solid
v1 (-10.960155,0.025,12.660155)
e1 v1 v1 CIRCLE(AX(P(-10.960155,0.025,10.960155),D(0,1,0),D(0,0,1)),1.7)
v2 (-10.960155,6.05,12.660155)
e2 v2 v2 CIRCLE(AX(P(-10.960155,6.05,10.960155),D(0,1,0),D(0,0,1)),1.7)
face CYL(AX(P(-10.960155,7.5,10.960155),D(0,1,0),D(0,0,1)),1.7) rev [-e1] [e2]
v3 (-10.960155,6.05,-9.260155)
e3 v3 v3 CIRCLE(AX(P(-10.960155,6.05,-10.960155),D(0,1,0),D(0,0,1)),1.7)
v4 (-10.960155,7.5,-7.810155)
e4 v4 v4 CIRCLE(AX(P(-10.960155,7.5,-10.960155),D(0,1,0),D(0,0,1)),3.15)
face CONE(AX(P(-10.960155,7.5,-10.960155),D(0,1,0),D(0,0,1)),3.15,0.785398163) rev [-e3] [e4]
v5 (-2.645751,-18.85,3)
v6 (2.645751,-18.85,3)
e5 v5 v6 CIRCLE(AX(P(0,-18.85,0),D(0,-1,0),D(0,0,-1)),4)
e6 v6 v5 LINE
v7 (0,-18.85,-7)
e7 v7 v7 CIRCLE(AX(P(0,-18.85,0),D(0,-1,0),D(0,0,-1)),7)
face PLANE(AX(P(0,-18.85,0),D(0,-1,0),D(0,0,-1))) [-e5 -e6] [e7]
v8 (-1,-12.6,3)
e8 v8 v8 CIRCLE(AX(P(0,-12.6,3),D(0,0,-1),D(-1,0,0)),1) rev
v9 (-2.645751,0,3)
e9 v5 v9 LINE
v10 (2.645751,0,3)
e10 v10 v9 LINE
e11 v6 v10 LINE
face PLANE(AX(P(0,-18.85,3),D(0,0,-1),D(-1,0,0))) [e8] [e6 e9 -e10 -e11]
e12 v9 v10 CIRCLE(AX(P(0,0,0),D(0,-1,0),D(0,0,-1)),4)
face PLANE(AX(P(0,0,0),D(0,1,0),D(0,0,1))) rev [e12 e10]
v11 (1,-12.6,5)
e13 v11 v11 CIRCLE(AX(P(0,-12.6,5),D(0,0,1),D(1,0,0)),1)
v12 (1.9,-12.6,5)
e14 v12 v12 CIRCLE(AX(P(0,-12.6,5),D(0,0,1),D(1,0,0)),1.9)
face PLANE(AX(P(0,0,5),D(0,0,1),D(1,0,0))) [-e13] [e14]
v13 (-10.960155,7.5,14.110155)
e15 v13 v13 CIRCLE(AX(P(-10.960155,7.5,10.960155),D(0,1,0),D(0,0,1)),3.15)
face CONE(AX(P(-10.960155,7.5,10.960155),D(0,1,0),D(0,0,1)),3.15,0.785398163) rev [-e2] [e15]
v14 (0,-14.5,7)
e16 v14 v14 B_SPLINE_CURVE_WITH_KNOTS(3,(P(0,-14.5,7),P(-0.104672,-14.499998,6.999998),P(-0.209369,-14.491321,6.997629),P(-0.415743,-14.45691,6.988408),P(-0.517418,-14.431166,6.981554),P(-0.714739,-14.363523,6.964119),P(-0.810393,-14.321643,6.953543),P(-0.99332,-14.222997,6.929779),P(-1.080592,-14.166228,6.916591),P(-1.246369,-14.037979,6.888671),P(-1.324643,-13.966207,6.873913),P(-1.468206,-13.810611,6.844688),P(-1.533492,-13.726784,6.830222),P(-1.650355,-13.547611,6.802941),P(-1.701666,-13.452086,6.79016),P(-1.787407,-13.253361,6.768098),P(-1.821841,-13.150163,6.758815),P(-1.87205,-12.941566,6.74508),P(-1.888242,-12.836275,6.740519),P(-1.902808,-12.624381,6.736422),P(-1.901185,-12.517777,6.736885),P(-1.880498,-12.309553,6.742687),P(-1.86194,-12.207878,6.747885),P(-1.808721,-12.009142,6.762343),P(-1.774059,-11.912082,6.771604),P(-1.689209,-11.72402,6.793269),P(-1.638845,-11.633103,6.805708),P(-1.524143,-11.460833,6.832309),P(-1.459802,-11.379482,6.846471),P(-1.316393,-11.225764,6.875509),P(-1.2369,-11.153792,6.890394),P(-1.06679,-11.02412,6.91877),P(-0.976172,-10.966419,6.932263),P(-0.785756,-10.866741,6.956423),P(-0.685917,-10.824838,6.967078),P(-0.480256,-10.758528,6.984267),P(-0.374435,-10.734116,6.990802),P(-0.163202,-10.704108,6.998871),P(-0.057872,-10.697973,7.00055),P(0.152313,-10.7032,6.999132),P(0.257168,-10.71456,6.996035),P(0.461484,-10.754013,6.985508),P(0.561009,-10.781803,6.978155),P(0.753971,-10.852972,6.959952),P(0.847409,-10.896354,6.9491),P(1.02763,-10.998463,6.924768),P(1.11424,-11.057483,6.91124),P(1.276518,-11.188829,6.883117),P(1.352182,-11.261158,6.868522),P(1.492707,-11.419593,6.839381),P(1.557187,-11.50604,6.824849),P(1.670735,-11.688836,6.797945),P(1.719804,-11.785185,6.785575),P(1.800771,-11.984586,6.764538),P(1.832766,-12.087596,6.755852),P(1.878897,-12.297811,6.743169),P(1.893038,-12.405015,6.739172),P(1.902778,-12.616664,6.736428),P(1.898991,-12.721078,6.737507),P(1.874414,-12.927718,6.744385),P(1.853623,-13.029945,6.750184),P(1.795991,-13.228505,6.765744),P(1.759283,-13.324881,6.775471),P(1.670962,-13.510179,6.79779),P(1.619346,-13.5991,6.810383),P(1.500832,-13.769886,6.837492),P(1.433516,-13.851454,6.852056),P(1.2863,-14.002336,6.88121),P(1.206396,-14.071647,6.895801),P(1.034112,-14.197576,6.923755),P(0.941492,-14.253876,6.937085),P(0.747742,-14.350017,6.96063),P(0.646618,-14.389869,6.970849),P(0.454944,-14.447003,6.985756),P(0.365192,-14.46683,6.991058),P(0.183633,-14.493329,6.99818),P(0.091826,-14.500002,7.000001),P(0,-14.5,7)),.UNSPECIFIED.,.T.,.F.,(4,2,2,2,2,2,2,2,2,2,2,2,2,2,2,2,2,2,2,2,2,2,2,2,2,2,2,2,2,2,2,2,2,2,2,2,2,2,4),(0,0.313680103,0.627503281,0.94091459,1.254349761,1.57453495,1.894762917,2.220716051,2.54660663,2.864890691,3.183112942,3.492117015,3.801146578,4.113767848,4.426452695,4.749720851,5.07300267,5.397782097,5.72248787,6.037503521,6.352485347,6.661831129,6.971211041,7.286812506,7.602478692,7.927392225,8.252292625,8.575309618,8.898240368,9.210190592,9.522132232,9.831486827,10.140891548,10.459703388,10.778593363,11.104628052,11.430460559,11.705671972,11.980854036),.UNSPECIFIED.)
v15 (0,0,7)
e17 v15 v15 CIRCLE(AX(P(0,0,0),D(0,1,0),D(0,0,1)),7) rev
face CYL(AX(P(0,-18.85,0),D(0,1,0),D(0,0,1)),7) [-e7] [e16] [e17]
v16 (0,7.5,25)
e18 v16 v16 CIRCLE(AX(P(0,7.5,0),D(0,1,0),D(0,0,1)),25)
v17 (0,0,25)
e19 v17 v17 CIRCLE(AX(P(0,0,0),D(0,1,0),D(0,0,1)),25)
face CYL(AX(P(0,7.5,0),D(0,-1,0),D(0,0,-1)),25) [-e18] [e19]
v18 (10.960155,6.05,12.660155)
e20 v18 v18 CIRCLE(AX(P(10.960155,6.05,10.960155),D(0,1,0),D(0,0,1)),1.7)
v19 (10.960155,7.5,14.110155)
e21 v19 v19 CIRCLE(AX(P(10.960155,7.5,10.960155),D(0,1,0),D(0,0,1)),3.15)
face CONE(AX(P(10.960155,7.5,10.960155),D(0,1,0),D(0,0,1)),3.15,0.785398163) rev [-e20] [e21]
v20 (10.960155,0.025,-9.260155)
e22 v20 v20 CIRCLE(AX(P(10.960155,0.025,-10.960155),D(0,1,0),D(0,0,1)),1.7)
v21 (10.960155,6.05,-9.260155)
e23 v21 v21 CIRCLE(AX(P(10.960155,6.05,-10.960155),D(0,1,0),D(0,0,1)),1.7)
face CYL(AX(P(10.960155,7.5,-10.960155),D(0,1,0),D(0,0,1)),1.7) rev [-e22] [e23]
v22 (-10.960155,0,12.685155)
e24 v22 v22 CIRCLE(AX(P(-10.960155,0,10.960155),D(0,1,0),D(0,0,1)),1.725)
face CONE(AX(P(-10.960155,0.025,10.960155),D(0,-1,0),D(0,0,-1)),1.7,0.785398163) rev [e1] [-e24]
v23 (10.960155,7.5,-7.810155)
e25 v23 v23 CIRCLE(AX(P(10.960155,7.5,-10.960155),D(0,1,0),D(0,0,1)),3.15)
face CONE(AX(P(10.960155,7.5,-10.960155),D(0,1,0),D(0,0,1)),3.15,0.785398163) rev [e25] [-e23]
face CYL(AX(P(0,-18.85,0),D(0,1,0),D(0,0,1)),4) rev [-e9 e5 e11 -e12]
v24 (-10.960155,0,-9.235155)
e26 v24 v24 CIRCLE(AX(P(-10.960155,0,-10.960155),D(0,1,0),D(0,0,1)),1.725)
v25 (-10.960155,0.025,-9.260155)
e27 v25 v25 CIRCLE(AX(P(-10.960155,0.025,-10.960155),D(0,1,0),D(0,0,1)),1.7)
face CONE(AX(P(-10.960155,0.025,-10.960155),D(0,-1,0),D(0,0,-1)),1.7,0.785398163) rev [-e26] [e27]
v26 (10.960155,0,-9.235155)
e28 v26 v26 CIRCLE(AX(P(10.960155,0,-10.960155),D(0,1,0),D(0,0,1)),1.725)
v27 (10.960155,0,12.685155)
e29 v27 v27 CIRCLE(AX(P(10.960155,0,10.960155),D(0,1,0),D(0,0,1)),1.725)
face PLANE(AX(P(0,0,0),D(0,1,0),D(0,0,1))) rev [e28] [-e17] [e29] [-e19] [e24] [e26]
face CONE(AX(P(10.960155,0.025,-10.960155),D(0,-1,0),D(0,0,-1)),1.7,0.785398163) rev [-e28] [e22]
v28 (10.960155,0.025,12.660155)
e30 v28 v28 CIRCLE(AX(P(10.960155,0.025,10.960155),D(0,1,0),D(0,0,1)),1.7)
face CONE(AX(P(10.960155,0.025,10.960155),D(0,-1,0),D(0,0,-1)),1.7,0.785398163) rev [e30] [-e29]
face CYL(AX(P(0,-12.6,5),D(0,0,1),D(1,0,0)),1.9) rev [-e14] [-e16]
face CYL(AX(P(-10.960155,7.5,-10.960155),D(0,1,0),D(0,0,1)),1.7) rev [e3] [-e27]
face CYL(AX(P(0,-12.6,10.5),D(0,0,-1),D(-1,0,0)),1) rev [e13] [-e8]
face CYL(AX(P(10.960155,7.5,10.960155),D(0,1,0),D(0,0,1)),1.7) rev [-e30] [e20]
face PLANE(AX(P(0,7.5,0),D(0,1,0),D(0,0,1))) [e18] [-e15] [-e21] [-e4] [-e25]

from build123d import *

# Parameters (mm, degrees)
SKETCH1_R                                      = 25
BOSS_EXTRUDE1_DEPTH                            = 7.5
CSK_FOR_M3_FLAT_HEAD_MACHINE_SCREW1_AT_2_COUNT = 2
CSK_FOR_M3_FLAT_HEAD_MACHINE_SCREW1_AT_2_PITCH = 21.920310217
CSK_FOR_M3_FLAT_HEAD_MACHINE_SCREW1_AT_3_COUNT = 2
CSK_FOR_M3_FLAT_HEAD_MACHINE_SCREW1_AT_3_PITCH = 31
CSK_FOR_M3_FLAT_HEAD_MACHINE_SCREW1_AT_4_COUNT = 2
CSK_FOR_M3_FLAT_HEAD_MACHINE_SCREW1_AT_4_PITCH = 21.920310217
SKETCH6_R                                      = 7
BOSS_EXTRUDE2_DEPTH                            = 18.85
SKETCH7_R                                      = 1
CUT_EXTRUDE1_DEPTH                             = 10.5
SKETCH11_R                                     = 1.9
CUT_EXTRUDE2_DEPTH                             = 2


with BuildPart() as part:
    # Sketch1 → Boss-Extrude1 (new body)
    with BuildSketch(Plane(origin=(0, 0, 0), x_dir=(1, 0, 0), z_dir=(0, 1, 0))):
        with Locations(Location((0, 0, 0), (0, 0, 270))):
            Circle(SKETCH1_R)
    extrude(amount=BOSS_EXTRUDE1_DEPTH)

    # Sketch5 → CSK for M3 Flat Head Machine Screw1 (revolve, cut)
    with BuildSketch(Plane(origin=(-10.960155108, 7.5, -10.960155108), x_dir=(0, 0, 1), z_dir=(1, 0, 0))):
        Polygon((0, 0), (0, 7.5), (1.725, 7.5), (1.7, 7.475), (1.7, 1.45), (3.15, 0), align=None)
    csk_for_m3_flat_head_machine_screw1 = revolve(axis=Axis((-10.960155108, 13.85, -10.960155108), (0, -1, 0)), mode=Mode.SUBTRACT)

    # CSK for M3 Flat Head Machine Screw1 at 2: CSK for M3 Flat Head Machine Screw1 ×2
    with Locations(*[(i * CSK_FOR_M3_FLAT_HEAD_MACHINE_SCREW1_AT_2_PITCH, 0, 0) for i in range(1, CSK_FOR_M3_FLAT_HEAD_MACHINE_SCREW1_AT_2_COUNT)]):
        add(csk_for_m3_flat_head_machine_screw1, mode=Mode.SUBTRACT)

    # CSK for M3 Flat Head Machine Screw1 at 3: CSK for M3 Flat Head Machine Screw1 ×2
    with Locations(*[Vector(0.7071067811865475, 0, 0.7071067811865476) * (i * CSK_FOR_M3_FLAT_HEAD_MACHINE_SCREW1_AT_3_PITCH) for i in range(1, CSK_FOR_M3_FLAT_HEAD_MACHINE_SCREW1_AT_3_COUNT)]):
        add(csk_for_m3_flat_head_machine_screw1, mode=Mode.SUBTRACT)

    # CSK for M3 Flat Head Machine Screw1 at 4: CSK for M3 Flat Head Machine Screw1 ×2
    with Locations(*[(0, 0, i * CSK_FOR_M3_FLAT_HEAD_MACHINE_SCREW1_AT_4_PITCH) for i in range(1, CSK_FOR_M3_FLAT_HEAD_MACHINE_SCREW1_AT_4_COUNT)]):
        add(csk_for_m3_flat_head_machine_screw1, mode=Mode.SUBTRACT)

    # Sketch6 → Boss-Extrude2 (add)
    with BuildSketch(Plane.XZ):
        with Locations(Location((0, 0, 0), (0, 0, 90))):
            Circle(SKETCH6_R)
        with BuildLine():
            Line((-2.645751311, 3), (2.645751311, 3))
            ThreePointArc((2.645751311, 3), (0, -4), (-2.645751311, 3))
        make_face(mode=Mode.SUBTRACT)
    extrude(amount=BOSS_EXTRUDE2_DEPTH)

    # Sketch7 → Cut-Extrude1 (cut)
    with BuildSketch(Plane.XY):
        with Locations(Location((0, -12.6, 0), (0, 0, 180))):
            Circle(SKETCH7_R)
    extrude(amount=CUT_EXTRUDE1_DEPTH, mode=Mode.SUBTRACT)

    # Sketch11 → Cut-Extrude2 (cut)
    with BuildSketch(Plane.XY.offset(7)):
        with Locations((0, -12.6)):
            Circle(SKETCH11_R)
    extrude(amount=-CUT_EXTRUDE2_DEPTH, mode=Mode.SUBTRACT)


solid = part.part
